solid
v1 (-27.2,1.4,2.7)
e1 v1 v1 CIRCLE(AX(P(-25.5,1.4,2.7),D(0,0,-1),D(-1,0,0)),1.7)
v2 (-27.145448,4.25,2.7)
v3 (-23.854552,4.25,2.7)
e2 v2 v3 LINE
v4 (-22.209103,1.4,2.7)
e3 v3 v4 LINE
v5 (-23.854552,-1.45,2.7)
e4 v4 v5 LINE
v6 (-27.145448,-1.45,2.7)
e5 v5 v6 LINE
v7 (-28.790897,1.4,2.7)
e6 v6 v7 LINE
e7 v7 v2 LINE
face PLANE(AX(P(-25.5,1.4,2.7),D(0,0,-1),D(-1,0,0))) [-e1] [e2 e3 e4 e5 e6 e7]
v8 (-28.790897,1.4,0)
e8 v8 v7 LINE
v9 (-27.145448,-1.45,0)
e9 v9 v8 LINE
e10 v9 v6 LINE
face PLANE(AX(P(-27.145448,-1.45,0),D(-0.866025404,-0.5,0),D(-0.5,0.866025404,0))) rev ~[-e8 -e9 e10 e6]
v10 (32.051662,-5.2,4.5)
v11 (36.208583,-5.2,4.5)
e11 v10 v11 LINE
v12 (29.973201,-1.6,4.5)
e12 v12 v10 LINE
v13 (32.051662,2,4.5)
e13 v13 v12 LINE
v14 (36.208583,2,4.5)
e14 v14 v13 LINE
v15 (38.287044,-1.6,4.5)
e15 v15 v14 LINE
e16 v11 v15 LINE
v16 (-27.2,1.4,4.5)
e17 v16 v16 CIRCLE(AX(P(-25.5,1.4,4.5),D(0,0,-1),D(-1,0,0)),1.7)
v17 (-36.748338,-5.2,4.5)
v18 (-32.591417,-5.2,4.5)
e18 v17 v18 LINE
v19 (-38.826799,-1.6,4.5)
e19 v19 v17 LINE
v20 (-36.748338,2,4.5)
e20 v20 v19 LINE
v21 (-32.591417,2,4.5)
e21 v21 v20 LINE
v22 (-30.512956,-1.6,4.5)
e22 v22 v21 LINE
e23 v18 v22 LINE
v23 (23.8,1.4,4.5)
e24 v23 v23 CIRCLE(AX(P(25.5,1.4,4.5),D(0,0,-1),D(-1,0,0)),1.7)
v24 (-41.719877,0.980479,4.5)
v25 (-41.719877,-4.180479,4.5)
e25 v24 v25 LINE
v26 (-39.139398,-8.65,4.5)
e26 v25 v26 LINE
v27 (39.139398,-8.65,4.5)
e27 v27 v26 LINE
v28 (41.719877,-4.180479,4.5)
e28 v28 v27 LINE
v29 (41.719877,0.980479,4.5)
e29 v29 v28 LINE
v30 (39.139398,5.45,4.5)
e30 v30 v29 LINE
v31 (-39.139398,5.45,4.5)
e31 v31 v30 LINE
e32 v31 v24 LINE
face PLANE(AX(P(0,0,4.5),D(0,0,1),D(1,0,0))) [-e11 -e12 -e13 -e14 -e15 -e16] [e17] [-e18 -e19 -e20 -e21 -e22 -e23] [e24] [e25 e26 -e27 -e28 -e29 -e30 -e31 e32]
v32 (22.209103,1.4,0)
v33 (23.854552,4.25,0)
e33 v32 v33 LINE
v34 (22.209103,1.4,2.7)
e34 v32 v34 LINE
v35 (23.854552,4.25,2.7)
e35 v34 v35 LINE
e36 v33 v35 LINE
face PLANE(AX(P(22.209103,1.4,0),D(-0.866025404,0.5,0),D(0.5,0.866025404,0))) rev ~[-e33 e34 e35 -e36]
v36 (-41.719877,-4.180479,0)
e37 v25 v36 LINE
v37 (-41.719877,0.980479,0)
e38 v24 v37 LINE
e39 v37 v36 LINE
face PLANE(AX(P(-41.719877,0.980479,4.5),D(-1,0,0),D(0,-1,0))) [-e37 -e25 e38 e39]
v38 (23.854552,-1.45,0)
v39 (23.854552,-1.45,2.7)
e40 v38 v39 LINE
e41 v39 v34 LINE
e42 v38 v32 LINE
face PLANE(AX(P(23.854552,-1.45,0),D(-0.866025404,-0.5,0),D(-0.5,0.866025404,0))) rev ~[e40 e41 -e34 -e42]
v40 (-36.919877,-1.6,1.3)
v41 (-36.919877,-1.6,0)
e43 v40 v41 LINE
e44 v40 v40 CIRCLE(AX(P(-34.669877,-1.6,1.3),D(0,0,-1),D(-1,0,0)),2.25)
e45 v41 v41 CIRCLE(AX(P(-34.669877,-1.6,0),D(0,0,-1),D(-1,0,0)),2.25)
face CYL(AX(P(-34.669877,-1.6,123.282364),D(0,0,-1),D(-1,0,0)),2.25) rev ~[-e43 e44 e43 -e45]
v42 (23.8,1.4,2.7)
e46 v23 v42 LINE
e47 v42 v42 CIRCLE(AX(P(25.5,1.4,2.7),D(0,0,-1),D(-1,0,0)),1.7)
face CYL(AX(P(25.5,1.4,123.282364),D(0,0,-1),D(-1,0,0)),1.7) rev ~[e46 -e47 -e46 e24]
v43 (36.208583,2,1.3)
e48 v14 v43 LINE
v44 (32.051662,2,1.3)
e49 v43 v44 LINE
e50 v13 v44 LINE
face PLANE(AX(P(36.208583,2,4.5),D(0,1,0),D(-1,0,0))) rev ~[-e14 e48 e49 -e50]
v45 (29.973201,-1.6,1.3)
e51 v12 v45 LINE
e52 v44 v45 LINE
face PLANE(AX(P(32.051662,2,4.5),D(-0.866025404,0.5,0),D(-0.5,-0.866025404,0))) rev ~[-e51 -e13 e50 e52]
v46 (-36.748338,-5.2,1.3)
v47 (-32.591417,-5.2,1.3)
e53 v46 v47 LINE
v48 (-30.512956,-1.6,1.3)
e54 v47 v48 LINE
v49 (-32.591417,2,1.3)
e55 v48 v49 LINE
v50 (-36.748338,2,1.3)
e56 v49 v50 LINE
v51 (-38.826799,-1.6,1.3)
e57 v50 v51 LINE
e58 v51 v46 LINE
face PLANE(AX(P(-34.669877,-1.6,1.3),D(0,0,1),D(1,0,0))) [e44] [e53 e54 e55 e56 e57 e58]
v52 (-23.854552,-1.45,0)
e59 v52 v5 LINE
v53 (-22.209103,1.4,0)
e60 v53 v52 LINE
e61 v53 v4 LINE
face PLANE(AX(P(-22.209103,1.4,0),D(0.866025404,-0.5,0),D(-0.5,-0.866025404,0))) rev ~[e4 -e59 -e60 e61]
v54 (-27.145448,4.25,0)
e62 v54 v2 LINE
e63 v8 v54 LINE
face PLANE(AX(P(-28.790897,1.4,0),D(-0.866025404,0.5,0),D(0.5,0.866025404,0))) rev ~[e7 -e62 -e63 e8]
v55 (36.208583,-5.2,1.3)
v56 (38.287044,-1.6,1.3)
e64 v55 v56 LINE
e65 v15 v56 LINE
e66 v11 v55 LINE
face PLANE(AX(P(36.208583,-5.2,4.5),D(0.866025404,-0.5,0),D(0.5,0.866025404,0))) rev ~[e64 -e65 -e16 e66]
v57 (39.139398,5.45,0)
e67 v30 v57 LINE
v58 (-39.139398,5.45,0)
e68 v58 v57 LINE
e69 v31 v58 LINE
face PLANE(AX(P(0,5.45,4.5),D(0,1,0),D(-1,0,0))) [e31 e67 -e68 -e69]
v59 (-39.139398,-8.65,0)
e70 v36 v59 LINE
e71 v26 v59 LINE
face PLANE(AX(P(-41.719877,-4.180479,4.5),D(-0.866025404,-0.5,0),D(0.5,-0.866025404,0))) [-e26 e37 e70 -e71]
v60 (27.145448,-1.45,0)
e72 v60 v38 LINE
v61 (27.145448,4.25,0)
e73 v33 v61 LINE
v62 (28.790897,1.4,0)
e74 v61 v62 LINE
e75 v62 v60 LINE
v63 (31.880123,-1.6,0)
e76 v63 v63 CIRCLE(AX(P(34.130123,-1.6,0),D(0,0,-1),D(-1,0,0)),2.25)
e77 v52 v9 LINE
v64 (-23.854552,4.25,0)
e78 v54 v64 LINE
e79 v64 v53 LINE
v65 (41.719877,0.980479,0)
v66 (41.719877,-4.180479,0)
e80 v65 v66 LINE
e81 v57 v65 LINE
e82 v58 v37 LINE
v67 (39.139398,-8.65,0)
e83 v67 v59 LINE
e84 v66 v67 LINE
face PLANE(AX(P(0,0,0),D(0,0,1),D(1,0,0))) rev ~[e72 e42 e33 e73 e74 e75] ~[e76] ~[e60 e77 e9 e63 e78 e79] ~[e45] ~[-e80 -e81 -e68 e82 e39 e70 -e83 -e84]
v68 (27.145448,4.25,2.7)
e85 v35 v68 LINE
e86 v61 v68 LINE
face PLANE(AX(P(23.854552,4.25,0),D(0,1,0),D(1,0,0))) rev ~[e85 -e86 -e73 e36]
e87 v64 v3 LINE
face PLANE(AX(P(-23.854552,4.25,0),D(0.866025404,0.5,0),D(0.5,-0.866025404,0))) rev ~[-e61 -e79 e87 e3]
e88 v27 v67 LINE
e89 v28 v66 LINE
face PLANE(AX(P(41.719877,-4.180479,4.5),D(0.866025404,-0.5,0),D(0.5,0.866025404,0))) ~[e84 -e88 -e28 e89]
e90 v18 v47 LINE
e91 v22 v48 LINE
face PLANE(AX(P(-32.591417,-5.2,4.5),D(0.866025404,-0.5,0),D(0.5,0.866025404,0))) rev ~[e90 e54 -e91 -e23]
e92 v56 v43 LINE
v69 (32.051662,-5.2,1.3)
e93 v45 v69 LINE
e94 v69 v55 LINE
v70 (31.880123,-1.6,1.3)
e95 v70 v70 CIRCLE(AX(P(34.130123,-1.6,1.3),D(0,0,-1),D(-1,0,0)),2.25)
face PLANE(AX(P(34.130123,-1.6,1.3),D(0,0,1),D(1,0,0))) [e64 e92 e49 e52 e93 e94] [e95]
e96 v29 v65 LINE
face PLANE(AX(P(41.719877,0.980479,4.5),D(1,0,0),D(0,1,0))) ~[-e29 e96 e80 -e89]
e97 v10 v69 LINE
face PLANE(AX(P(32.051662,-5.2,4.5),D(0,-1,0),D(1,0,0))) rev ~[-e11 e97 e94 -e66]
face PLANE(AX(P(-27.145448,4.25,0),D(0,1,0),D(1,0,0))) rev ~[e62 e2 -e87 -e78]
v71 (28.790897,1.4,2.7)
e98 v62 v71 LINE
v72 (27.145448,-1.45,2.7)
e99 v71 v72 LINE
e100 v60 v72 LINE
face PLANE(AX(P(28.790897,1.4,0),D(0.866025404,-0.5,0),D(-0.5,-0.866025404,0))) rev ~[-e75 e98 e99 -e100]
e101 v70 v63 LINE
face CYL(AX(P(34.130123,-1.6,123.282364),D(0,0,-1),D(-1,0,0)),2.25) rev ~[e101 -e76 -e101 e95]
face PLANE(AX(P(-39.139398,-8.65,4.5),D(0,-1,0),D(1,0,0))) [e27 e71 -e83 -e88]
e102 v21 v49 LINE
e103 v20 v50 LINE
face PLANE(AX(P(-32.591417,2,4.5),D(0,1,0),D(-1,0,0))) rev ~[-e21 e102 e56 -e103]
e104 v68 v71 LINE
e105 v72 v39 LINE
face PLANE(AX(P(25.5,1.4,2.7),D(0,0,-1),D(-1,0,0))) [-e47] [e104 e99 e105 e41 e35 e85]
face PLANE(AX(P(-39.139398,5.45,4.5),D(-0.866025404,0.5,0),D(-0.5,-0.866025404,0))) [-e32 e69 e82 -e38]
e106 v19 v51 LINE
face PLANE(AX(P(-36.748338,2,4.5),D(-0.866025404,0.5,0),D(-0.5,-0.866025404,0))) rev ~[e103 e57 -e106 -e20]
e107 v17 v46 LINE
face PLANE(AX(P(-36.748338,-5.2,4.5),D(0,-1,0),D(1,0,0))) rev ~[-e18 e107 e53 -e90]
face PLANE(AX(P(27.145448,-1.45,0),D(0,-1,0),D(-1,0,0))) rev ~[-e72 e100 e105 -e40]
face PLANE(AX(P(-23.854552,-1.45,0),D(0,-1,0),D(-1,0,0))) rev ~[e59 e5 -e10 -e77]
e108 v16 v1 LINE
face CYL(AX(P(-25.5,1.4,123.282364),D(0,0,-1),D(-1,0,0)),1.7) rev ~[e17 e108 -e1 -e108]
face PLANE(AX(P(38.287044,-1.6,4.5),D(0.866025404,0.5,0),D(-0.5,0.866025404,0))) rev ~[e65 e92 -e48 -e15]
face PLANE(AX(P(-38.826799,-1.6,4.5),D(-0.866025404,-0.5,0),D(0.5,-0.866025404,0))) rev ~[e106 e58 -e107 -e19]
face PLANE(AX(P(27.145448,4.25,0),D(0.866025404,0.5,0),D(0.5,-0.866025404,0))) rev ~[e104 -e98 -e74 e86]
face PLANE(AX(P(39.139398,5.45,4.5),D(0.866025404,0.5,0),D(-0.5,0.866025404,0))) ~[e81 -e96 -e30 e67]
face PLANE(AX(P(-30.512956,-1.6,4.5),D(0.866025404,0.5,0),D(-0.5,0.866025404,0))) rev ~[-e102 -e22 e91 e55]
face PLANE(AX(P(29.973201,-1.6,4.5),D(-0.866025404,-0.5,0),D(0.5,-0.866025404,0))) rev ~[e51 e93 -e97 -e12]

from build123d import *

# Parameters (mm, degrees)
SKETCH1_W            = 92
SKETCH1_H            = 75
BOSS_EXTRUDE1_DEPTH  = 4.5
M4_CLEARANCE_HOLE1_D = 4.5
M3_CLEARANCE_HOLE1_D = 3.4
CUT_EXTRUDE1_DEPTH   = 3.2
CUT_EXTRUDE2_DEPTH   = 2.7
SKETCH10_W           = 92
SKETCH10_H           = 29.25
SKETCH10_H_2         = 28.3
CUT_EXTRUDE3_DEPTH   = 60.51890456
CUT_EXTRUDE4_DEPTH   = 10


with BuildPart() as part:
    # Sketch1 → Boss-Extrude1 (new body)
    with BuildSketch(Plane.XY):
        Rectangle(SKETCH1_W, SKETCH1_H)
    extrude(amount=BOSS_EXTRUDE1_DEPTH)

    # M4 Clearance Hole1 (through all)
    with Locations(Plane.XY.offset(4.5)):
        with Locations((-34.669877487, -1.6), (34.130122513, -1.6)):
            Hole(M4_CLEARANCE_HOLE1_D / 2)

    # M3 Clearance Hole1 (through all)
    with Locations(Plane.XY.offset(4.5)):
        with Locations((-25.5, 1.4), (25.5, 1.4)):
            Hole(M3_CLEARANCE_HOLE1_D / 2)

    # Sketch8 → Cut-Extrude1 (cut)
    with BuildSketch(Plane.XY.offset(4.5)):
        Polygon((-30.512955548, -1.6), (-32.591416518, 2), (-36.748338456, 2), (-38.826799425, -1.6), (-36.748338456, -5.2), (-32.591416518, -5.2), align=None)
        Polygon((29.973200575, -1.6), (32.051661544, -5.2), (36.208583482, -5.2), (38.287044452, -1.6), (36.208583482, 2), (32.051661544, 2), align=None)
    extrude(amount=-CUT_EXTRUDE1_DEPTH, mode=Mode.SUBTRACT)

    # Sketch9 → Cut-Extrude2 (cut)
    with BuildSketch(Plane(origin=(0, 0, 0), x_dir=(-1, 0, 0), z_dir=(0, 0, -1))):
        Polygon((-22.209103466, 1.4), (-23.854551733, 4.25), (-27.145448267, 4.25), (-28.790896534, 1.4), (-27.145448267, -1.45), (-23.854551733, -1.45), align=None)
        Polygon((22.209103466, 1.4), (23.854551733, -1.45), (27.145448267, -1.45), (28.790896534, 1.4), (27.145448267, 4.25), (23.854551733, 4.25), align=None)
    extrude(amount=-CUT_EXTRUDE2_DEPTH, mode=Mode.SUBTRACT)

    # Sketch10 → Cut-Extrude3 (cut, through all)
    with BuildSketch(Plane(origin=(0, 0, 0), x_dir=(-1, 0, 0), z_dir=(0, 0, -1))):
        with Locations((0, 22.875)):
            Rectangle(SKETCH10_W, SKETCH10_H)
        with Locations((0, -23.35)):
            Rectangle(SKETCH10_W, SKETCH10_H_2)
    extrude(amount=-CUT_EXTRUDE3_DEPTH, mode=Mode.SUBTRACT)

    # Sketch11 → Cut-Extrude4 (cut)
    with BuildSketch(Plane.XY.offset(4.5)):
        Polygon((-39.13939839, 5.45), (-41.719877487, 0.980479097), (-41.719877487, -4.180479097), (-39.13939839, -8.65), (0, -8.65), (0, -18.65), (-51, -18.65), (-51, 15.45), (0, 15.45), (0, 5.45), align=None)
    cut_extrude4 = extrude(amount=-CUT_EXTRUDE4_DEPTH, mode=Mode.SUBTRACT)

    # Mirror1: Cut-Extrude4 across plane
    add(cut_extrude4.mirror(Plane(origin=(0, 0, 0), x_dir=(0, 0, 1), z_dir=(1, 0, 0))), mode=Mode.SUBTRACT)


solid = part.part
